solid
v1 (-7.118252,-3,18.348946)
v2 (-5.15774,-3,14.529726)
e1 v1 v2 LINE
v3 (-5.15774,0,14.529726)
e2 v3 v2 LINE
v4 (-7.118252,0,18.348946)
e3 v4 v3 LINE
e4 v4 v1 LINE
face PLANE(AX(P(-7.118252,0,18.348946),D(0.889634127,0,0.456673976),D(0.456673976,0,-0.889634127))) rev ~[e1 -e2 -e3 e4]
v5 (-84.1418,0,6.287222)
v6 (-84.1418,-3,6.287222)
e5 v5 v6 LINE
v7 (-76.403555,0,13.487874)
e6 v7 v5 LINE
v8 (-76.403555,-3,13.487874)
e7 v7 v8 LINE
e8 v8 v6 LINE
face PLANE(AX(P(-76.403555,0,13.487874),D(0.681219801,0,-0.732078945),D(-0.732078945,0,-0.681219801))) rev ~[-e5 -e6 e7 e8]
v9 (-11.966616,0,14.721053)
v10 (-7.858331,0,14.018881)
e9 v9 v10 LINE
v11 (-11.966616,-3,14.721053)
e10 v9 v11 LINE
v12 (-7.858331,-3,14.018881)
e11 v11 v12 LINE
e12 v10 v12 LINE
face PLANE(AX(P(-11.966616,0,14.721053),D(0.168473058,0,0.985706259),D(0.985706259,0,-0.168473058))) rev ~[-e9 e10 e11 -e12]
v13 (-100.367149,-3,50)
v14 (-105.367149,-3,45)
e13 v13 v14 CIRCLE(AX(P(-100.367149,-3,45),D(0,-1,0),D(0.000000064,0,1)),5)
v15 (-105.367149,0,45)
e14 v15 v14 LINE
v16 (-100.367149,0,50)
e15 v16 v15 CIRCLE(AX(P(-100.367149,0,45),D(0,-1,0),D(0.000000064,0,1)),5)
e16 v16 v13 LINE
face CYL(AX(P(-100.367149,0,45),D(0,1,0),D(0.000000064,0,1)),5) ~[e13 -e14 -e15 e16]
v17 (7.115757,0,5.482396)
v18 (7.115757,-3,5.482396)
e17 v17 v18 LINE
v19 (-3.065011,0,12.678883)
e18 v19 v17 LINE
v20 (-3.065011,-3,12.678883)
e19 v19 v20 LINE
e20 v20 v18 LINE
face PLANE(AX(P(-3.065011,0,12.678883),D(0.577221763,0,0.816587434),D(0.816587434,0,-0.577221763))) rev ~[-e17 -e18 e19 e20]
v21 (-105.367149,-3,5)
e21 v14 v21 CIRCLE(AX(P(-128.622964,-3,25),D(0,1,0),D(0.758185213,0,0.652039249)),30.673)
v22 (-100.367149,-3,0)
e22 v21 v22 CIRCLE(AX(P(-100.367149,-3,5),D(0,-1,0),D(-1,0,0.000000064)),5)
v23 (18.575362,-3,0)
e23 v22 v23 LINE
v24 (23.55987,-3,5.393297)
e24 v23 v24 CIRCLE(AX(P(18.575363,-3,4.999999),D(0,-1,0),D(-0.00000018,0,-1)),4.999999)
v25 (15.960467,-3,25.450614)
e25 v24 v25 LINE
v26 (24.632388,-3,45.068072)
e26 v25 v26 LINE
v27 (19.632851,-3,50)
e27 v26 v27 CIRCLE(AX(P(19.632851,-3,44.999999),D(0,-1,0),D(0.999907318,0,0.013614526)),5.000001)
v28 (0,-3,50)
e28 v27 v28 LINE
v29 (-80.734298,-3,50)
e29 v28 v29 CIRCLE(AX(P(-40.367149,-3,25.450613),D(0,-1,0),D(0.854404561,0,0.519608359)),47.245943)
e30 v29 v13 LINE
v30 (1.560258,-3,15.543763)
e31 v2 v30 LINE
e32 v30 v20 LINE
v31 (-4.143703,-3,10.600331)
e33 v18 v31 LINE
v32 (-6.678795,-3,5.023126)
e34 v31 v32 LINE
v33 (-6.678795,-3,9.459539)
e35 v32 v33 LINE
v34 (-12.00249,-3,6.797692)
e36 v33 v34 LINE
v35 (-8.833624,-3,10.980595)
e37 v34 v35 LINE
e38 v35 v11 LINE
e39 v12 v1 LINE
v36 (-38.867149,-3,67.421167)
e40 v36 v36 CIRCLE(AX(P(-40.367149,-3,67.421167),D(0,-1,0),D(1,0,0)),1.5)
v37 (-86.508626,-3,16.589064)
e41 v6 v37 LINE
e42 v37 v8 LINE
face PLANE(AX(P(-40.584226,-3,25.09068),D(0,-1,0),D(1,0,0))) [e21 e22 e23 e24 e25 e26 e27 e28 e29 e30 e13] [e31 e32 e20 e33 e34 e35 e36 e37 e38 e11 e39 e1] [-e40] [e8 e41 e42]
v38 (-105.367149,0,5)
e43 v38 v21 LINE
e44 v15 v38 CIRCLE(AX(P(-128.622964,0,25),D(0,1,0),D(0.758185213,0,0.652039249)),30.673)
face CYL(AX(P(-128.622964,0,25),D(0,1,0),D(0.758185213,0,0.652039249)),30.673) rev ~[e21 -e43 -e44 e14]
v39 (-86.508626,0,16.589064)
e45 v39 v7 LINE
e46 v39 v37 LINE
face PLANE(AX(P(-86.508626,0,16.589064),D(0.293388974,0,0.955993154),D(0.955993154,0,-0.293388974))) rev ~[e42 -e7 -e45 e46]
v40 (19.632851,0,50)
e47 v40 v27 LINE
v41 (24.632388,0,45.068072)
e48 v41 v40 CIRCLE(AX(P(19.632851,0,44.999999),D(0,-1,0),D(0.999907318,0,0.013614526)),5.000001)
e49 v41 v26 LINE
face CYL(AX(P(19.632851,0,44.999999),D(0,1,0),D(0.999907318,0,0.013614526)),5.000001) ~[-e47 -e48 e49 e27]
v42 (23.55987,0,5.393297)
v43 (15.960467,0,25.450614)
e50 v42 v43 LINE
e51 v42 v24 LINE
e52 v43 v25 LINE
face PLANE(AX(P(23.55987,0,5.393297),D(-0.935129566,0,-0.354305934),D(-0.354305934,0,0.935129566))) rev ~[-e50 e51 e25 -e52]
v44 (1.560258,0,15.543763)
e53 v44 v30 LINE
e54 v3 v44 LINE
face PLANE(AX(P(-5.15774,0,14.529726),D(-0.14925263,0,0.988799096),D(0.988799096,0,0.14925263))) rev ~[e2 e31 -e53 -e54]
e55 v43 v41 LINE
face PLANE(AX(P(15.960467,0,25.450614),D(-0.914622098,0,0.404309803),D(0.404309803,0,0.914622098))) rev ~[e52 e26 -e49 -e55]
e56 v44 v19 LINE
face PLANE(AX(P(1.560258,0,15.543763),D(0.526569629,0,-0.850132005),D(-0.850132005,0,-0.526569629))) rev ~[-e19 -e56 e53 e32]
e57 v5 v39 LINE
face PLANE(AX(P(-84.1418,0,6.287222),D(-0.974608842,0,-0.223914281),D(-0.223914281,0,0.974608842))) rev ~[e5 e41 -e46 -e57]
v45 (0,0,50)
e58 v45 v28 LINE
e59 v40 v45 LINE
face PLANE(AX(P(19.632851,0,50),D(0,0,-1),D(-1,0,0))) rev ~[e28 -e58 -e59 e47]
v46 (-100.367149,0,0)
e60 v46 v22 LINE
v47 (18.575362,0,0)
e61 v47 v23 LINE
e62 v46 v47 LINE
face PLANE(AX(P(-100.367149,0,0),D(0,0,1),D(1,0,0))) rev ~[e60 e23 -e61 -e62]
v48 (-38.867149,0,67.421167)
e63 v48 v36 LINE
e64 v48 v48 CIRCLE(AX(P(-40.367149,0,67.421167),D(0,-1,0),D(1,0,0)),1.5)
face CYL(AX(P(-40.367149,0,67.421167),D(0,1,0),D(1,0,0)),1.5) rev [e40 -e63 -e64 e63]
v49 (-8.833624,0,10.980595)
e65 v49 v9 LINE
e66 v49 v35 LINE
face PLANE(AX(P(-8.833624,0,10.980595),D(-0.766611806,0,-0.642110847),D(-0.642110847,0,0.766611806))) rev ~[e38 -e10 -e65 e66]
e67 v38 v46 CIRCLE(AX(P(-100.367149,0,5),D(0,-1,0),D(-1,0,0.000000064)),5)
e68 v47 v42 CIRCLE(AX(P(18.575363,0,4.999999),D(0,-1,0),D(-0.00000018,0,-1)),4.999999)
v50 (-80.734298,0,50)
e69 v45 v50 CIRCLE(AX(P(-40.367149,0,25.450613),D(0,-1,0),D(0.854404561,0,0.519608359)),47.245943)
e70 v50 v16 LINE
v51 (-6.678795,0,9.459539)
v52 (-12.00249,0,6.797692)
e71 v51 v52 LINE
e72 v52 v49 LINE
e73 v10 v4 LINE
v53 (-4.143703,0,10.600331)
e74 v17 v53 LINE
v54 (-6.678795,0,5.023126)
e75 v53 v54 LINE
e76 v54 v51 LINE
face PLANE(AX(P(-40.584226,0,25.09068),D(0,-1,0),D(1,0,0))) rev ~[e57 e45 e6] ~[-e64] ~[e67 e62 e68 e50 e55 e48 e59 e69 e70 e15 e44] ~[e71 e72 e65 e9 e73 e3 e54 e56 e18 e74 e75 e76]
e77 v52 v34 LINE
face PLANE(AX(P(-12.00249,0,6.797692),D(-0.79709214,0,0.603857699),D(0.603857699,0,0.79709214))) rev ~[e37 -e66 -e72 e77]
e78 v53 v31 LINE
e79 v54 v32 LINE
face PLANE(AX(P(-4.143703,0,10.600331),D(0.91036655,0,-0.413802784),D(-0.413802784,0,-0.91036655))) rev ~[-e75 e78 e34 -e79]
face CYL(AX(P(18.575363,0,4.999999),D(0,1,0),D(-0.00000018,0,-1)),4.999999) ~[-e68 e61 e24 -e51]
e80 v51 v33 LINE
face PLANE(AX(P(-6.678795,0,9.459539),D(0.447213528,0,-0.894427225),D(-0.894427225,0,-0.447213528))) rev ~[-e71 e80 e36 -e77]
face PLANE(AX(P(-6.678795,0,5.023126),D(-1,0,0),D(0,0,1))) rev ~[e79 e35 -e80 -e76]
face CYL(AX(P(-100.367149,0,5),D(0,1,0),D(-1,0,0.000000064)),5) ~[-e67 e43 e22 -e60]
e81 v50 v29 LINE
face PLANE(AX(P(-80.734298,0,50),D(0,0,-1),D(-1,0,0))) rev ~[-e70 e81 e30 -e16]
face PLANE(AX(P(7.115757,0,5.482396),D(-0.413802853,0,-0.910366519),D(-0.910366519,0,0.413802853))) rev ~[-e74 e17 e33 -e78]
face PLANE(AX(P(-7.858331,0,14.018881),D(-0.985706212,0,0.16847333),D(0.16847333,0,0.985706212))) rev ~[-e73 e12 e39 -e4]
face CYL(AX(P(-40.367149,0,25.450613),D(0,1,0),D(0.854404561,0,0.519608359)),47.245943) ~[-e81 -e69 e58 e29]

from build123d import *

# Parameters (mm, degrees)
F0_R     = 1.5
F1_DEPTH = 3


with BuildPart() as f1:
    # F0 (on Front) → F1 (new body)
    with BuildSketch(Plane.XZ):
        with BuildLine():
            ThreePointArc((-105.367149, 5), (-103.902683, 1.464466), (-100.367149, 0))
            Line((-100.367149, 0), (18.575362, 0))
            ThreePointArc((18.575362, 0), (22.247316, 1.606365), (23.55987, 5.393297))
            Line((23.55987, 5.393297), (15.960467, 25.450614))
            Line((15.960467, 25.450614), (24.632388, 45.068072))
            ThreePointArc((24.632388, 45.068072), (23.144235, 48.55952), (19.632851, 50))
            Line((19.632851, 50), (0, 50))
            Line((0, 50), (-80.734298, 50))
            Line((-80.734298, 50), (-100.367149, 50))
            ThreePointArc((-100.367149, 50), (-103.902683, 48.535534), (-105.367149, 45))
            ThreePointArc((-105.367149, 45), (-97.949964, 25), (-105.367149, 5))
        make_face()
        Polygon((-84.1418, 6.287222), (-86.508626, 16.589064), (-76.403555, 13.487874), align=None, mode=Mode.SUBTRACT)
        Polygon((-7.858331, 14.018881), (-7.118252, 18.348946), (-5.15774, 14.529726), (1.560258, 15.543763), (-3.065011, 12.678883), (7.115757, 5.482396), (-4.143703, 10.600331), (-6.678795, 5.023126), (-6.678795, 9.459539), (-12.00249, 6.797692), (-8.833624, 10.980595), (-11.966616, 14.721053), align=None, mode=Mode.SUBTRACT)
        with BuildLine():
            ThreePointArc((0, 50), (-40.367149, 72.696556), (-80.734298, 50))
            Line((-80.734298, 50), (0, 50))
        make_face()
        with Locations((-40.367149, 67.421167)):
            Circle(F0_R, mode=Mode.SUBTRACT)
    extrude(amount=F1_DEPTH)


solid = f1.part
